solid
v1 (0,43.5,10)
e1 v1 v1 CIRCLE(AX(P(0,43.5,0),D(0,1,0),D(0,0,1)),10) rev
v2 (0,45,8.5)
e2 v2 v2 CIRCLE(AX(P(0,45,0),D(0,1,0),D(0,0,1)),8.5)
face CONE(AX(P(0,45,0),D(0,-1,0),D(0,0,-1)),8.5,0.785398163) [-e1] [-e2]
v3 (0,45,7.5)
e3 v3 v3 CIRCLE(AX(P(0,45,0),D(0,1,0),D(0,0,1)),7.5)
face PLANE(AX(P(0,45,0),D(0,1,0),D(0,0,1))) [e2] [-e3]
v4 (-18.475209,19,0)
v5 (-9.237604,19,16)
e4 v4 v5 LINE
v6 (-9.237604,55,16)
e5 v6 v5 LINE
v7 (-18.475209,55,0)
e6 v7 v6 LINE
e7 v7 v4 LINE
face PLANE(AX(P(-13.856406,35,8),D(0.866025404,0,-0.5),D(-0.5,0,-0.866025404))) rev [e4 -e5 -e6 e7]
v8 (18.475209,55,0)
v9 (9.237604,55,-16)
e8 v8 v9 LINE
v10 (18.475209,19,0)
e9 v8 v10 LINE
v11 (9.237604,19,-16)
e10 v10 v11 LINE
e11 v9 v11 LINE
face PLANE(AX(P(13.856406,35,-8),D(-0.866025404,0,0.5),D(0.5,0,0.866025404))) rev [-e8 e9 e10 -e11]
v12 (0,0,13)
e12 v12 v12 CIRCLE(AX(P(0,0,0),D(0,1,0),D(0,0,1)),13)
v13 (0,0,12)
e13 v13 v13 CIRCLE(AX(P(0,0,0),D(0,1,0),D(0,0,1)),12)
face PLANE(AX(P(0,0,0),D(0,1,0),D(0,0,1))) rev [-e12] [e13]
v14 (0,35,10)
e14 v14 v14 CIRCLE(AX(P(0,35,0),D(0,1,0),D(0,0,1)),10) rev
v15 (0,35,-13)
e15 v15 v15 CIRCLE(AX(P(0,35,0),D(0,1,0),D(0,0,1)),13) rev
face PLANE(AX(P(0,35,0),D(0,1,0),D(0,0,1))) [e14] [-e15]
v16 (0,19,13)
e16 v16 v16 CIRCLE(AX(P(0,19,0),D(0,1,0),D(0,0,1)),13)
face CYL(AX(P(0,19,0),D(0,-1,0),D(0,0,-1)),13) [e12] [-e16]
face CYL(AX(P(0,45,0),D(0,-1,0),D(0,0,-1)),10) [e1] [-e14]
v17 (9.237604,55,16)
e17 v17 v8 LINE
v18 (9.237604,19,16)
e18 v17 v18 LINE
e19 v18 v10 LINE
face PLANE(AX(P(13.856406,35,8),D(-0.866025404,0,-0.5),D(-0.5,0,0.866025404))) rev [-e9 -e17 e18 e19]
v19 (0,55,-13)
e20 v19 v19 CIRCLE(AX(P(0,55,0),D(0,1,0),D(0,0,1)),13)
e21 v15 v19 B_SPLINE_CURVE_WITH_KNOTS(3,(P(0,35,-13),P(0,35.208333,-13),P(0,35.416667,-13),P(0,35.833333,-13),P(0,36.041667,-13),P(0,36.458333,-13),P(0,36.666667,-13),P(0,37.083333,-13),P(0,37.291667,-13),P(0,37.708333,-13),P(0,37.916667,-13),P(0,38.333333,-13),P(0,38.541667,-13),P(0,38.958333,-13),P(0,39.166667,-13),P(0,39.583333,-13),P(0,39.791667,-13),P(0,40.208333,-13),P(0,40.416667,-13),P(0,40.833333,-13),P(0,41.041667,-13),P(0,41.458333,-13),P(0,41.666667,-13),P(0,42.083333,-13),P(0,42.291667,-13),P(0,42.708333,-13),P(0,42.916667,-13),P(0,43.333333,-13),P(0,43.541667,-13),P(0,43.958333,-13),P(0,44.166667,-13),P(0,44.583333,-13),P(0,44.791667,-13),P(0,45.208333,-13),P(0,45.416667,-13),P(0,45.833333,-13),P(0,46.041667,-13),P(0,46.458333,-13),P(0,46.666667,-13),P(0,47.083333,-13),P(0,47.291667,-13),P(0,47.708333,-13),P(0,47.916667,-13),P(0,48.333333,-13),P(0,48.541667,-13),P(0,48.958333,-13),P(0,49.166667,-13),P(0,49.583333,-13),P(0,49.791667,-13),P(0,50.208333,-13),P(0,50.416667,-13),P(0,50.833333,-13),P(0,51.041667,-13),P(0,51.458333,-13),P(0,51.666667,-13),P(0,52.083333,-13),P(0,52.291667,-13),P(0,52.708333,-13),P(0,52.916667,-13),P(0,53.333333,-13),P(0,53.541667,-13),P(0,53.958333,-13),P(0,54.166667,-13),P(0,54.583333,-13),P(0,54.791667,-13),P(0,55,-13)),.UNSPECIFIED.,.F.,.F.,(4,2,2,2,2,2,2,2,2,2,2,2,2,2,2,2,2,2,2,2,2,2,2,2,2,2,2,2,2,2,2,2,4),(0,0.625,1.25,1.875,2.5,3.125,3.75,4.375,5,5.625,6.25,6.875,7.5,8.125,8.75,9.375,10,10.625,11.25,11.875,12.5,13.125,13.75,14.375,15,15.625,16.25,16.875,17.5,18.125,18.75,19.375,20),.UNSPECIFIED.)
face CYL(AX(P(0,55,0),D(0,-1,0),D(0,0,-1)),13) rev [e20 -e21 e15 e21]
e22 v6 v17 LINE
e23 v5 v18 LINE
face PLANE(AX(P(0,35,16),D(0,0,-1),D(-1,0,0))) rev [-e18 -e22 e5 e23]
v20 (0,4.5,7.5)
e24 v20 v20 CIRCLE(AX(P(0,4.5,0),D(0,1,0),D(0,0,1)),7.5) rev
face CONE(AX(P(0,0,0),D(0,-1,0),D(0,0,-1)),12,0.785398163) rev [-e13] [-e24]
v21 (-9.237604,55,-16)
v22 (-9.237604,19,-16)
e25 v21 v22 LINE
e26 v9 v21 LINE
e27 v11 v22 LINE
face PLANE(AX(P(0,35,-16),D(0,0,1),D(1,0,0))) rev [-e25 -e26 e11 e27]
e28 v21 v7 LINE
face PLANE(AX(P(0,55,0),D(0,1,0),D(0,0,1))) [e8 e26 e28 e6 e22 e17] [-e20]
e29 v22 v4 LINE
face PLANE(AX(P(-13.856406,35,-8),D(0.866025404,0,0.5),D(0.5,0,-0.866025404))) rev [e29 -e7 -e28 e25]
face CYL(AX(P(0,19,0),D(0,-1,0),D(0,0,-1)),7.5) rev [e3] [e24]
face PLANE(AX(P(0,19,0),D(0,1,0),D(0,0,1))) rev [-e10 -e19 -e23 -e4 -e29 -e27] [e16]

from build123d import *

# Parameters (mm, degrees)
SZKIC1_R                    = 13
SZKIC1_R_2                  = 7.5
DODANIE_WYCI_GNI_CIE1_DEPTH = 19
SFAZOWANIE1_SIZE            = 4.5
DODANIE_WYCI_GNI_CIE2_START = 19
SZKIC1_3_R                  = 7.5
DODANIE_WYCI_GNI_CIE2_DEPTH = 16
DODANIE_WYCI_GNI_CIE3_START = 29
SZKIC2_R                    = 13
DODANIE_WYCI_GNI_CIE3_DEPTH = 26
DODANIE_WYCI_GNI_CIE4_START = 29
SZKIC2_3_R                  = 10
SZKIC2_3_R_2                = 7.5
DODANIE_WYCI_GNI_CIE4_DEPTH = 16
SFAZOWANIE2_SIZE            = 1.5


with BuildPart() as part:
    # Szkic1 → Dodanie-wyciągnięcie1 (new body)
    with BuildSketch(Plane(origin=(0, 0, 0), x_dir=(1, 0, 0), z_dir=(0, 1, 0))):
        Circle(SZKIC1_R)
        Circle(SZKIC1_R_2, mode=Mode.SUBTRACT)
    extrude(amount=DODANIE_WYCI_GNI_CIE1_DEPTH)

    # Sfazowanie1
    sfazowanie1_edges = [part.edges().sort_by_distance(p)[0] for p in [
        (-7.5, 0, 0),
    ]]
    chamfer(sfazowanie1_edges, length=SFAZOWANIE1_SIZE)

    # Szkic1<3> → Dodanie-wyciągnięcie2 (add)
    with BuildSketch(Plane(origin=(0, 0, 0), x_dir=(1, 0, 0), z_dir=(0, 1, 0)).offset(DODANIE_WYCI_GNI_CIE2_START)):
        Polygon((-18.475208614, 0), (-9.237604307, -16), (9.237604307, -16), (18.475208614, 0), (9.237604307, 16), (-9.237604307, 16), align=None)
        Circle(SZKIC1_3_R, mode=Mode.SUBTRACT)
    extrude(amount=DODANIE_WYCI_GNI_CIE2_DEPTH)

    # Szkic2 → Dodanie-wyciągnięcie3 (add)
    with BuildSketch(Plane(origin=(0, 0, 0), x_dir=(1, 0, 0), z_dir=(0, 1, 0)).offset(DODANIE_WYCI_GNI_CIE3_START)):
        Polygon((-9.237604307, 16), (-18.475208614, 0), (-9.237604307, -16), (9.237604307, -16), (18.475208614, 0), (9.237604307, 16), align=None)
        Circle(SZKIC2_R, mode=Mode.SUBTRACT)
    extrude(amount=DODANIE_WYCI_GNI_CIE3_DEPTH)

    # Szkic2<3> → Dodanie-wyciągnięcie4 (add)
    with BuildSketch(Plane(origin=(0, 0, 0), x_dir=(1, 0, 0), z_dir=(0, 1, 0)).offset(DODANIE_WYCI_GNI_CIE4_START)):
        Circle(SZKIC2_3_R)
        Circle(SZKIC2_3_R_2, mode=Mode.SUBTRACT)
    extrude(amount=DODANIE_WYCI_GNI_CIE4_DEPTH)

    # Sfazowanie2
    sfazowanie2_edges = [part.edges().sort_by_distance(p)[0] for p in [
        (-10, 45, 0),
    ]]
    chamfer(sfazowanie2_edges, length=SFAZOWANIE2_SIZE)


solid = part.part
